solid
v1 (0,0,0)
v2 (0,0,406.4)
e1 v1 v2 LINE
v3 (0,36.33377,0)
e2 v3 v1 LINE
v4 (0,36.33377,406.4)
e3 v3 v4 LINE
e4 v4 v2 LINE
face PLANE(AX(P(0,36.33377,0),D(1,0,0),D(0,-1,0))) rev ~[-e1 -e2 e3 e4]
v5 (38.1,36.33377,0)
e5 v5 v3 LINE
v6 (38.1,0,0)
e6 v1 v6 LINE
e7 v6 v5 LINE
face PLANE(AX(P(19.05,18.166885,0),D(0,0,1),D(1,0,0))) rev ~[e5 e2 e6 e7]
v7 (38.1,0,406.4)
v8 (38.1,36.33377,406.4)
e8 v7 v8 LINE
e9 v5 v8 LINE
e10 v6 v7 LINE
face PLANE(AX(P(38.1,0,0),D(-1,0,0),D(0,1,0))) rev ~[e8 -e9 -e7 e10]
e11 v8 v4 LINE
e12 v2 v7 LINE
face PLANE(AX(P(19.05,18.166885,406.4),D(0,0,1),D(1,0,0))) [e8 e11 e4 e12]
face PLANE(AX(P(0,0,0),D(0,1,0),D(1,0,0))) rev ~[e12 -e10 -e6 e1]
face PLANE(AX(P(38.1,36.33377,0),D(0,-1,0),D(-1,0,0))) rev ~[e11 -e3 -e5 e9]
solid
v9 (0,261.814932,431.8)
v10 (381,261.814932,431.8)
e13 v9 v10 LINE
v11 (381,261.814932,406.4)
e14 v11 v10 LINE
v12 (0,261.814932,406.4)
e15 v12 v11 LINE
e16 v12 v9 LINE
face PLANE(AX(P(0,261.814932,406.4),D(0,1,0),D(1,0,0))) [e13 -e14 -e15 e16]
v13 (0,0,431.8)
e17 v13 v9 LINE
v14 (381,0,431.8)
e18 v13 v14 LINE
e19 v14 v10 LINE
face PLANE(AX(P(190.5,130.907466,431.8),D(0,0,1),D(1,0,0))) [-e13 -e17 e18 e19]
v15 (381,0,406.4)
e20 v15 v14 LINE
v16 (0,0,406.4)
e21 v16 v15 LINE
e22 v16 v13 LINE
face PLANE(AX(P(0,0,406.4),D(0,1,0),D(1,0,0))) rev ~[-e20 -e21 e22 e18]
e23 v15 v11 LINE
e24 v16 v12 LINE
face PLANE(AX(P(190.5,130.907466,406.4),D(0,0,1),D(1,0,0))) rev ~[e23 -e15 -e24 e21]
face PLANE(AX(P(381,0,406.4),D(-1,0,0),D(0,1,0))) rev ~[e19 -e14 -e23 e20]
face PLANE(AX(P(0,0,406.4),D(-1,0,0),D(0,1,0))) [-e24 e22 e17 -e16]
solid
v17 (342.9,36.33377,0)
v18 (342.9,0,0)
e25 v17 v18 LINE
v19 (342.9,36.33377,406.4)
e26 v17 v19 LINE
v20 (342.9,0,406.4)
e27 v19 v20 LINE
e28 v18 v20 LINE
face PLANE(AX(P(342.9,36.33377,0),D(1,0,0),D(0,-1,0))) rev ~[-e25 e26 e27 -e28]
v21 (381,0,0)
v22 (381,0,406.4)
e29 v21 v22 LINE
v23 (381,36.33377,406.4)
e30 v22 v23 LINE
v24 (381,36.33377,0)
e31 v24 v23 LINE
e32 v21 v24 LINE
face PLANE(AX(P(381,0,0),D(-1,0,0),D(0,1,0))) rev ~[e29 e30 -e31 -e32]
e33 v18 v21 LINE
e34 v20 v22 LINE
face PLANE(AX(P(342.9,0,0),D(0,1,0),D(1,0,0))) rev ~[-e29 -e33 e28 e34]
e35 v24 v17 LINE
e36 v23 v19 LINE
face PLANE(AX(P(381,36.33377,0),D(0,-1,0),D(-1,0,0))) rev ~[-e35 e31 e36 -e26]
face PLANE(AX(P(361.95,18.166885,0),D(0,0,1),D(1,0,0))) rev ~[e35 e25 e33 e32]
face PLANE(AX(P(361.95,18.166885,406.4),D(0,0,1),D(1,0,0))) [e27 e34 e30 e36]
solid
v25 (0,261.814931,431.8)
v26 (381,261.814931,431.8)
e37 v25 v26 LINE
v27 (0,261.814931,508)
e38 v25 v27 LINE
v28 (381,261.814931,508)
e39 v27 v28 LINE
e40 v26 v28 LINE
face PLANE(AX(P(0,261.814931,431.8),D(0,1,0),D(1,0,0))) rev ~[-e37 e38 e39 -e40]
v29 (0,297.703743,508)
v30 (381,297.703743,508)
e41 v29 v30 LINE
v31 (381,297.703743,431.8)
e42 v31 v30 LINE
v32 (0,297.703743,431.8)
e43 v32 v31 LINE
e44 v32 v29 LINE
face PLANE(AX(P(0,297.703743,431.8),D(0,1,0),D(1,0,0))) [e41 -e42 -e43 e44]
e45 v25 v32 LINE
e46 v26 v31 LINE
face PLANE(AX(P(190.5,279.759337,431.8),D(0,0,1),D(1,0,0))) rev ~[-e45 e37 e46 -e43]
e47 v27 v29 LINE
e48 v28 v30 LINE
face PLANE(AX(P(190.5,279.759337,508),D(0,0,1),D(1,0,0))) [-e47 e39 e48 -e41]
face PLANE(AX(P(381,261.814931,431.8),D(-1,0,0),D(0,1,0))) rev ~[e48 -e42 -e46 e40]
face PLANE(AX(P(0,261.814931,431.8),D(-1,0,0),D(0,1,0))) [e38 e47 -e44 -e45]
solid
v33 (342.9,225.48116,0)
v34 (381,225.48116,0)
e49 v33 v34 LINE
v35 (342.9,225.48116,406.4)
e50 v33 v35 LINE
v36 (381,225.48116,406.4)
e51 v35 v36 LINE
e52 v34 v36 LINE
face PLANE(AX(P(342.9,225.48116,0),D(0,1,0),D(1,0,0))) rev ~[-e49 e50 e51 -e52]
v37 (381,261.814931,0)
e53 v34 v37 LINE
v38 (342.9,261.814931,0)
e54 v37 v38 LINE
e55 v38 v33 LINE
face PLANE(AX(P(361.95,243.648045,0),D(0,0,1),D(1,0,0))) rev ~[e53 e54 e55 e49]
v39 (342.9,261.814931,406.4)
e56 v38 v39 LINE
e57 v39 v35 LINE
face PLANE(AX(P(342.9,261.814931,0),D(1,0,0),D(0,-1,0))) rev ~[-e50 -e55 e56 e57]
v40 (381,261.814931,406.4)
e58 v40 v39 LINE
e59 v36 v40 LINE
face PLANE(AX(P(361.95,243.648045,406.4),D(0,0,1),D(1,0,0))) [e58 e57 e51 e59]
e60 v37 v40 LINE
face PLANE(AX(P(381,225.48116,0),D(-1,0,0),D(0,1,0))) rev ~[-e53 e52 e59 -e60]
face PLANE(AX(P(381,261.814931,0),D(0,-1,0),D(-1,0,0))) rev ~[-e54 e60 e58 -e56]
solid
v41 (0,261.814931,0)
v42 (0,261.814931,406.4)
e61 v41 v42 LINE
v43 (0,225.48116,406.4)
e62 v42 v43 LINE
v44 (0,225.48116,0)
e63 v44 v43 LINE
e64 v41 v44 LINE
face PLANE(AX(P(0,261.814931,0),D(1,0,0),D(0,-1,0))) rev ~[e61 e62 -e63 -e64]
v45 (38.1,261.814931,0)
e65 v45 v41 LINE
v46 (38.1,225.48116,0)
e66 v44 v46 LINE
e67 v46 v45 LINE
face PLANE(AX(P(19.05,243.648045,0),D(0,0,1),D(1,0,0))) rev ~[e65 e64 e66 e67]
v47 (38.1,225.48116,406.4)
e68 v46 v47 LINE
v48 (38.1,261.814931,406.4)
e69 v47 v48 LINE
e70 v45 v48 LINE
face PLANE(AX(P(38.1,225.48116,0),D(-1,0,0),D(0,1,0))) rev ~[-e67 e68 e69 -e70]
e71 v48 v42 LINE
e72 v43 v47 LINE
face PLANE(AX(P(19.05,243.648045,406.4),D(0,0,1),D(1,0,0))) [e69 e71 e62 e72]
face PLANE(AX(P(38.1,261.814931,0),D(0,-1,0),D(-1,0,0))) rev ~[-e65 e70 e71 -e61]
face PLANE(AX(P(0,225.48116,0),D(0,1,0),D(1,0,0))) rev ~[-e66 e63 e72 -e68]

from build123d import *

# Parameters (mm, degrees)
F1_DEPTH = 406.4
F2_W     = 381
F2_H     = 261.814931
F3_DEPTH = 25.4
F4_W     = 381
F4_H     = 35.888812
F5_DEPTH = 76.2


with BuildPart() as f1:
    # F0 (on Top) → F1 (new body)
    with BuildSketch(Plane.XY):
        Polygon((0, 36.33377), (0, 0), (38.1, 0), (38.1, 3.907465), (38.1, 36.33377), align=None)
        Polygon((38.1, 225.48116), (38.1, 257.907465), (38.1, 261.814931), (0, 261.814931), (0, 225.48116), align=None)
        Polygon((342.9, 261.814931), (342.9, 257.907465), (342.9, 225.48116), (381, 225.48116), (381, 261.814931), align=None)
        Polygon((342.9, 3.907465), (342.9, 0), (381, 0), (381, 36.33377), (342.9, 36.33377), align=None)
    extrude(amount=F1_DEPTH)


with BuildPart() as f3:
    # F2 (on face) → F3 (new body)
    with BuildSketch(Plane.XY.offset(406.4)):
        with Locations((190.5, 130.907466)):
            Rectangle(F2_W, F2_H)
    extrude(amount=F3_DEPTH)


with BuildPart() as f5:
    # F4 (on face) → F5 (new body)
    with BuildSketch(Plane.XY.offset(431.8)):
        with Locations((190.5, 279.759337)):
            Rectangle(F4_W, F4_H)
    extrude(amount=F5_DEPTH)


solid = Compound([f1.part, f3.part, f5.part])
